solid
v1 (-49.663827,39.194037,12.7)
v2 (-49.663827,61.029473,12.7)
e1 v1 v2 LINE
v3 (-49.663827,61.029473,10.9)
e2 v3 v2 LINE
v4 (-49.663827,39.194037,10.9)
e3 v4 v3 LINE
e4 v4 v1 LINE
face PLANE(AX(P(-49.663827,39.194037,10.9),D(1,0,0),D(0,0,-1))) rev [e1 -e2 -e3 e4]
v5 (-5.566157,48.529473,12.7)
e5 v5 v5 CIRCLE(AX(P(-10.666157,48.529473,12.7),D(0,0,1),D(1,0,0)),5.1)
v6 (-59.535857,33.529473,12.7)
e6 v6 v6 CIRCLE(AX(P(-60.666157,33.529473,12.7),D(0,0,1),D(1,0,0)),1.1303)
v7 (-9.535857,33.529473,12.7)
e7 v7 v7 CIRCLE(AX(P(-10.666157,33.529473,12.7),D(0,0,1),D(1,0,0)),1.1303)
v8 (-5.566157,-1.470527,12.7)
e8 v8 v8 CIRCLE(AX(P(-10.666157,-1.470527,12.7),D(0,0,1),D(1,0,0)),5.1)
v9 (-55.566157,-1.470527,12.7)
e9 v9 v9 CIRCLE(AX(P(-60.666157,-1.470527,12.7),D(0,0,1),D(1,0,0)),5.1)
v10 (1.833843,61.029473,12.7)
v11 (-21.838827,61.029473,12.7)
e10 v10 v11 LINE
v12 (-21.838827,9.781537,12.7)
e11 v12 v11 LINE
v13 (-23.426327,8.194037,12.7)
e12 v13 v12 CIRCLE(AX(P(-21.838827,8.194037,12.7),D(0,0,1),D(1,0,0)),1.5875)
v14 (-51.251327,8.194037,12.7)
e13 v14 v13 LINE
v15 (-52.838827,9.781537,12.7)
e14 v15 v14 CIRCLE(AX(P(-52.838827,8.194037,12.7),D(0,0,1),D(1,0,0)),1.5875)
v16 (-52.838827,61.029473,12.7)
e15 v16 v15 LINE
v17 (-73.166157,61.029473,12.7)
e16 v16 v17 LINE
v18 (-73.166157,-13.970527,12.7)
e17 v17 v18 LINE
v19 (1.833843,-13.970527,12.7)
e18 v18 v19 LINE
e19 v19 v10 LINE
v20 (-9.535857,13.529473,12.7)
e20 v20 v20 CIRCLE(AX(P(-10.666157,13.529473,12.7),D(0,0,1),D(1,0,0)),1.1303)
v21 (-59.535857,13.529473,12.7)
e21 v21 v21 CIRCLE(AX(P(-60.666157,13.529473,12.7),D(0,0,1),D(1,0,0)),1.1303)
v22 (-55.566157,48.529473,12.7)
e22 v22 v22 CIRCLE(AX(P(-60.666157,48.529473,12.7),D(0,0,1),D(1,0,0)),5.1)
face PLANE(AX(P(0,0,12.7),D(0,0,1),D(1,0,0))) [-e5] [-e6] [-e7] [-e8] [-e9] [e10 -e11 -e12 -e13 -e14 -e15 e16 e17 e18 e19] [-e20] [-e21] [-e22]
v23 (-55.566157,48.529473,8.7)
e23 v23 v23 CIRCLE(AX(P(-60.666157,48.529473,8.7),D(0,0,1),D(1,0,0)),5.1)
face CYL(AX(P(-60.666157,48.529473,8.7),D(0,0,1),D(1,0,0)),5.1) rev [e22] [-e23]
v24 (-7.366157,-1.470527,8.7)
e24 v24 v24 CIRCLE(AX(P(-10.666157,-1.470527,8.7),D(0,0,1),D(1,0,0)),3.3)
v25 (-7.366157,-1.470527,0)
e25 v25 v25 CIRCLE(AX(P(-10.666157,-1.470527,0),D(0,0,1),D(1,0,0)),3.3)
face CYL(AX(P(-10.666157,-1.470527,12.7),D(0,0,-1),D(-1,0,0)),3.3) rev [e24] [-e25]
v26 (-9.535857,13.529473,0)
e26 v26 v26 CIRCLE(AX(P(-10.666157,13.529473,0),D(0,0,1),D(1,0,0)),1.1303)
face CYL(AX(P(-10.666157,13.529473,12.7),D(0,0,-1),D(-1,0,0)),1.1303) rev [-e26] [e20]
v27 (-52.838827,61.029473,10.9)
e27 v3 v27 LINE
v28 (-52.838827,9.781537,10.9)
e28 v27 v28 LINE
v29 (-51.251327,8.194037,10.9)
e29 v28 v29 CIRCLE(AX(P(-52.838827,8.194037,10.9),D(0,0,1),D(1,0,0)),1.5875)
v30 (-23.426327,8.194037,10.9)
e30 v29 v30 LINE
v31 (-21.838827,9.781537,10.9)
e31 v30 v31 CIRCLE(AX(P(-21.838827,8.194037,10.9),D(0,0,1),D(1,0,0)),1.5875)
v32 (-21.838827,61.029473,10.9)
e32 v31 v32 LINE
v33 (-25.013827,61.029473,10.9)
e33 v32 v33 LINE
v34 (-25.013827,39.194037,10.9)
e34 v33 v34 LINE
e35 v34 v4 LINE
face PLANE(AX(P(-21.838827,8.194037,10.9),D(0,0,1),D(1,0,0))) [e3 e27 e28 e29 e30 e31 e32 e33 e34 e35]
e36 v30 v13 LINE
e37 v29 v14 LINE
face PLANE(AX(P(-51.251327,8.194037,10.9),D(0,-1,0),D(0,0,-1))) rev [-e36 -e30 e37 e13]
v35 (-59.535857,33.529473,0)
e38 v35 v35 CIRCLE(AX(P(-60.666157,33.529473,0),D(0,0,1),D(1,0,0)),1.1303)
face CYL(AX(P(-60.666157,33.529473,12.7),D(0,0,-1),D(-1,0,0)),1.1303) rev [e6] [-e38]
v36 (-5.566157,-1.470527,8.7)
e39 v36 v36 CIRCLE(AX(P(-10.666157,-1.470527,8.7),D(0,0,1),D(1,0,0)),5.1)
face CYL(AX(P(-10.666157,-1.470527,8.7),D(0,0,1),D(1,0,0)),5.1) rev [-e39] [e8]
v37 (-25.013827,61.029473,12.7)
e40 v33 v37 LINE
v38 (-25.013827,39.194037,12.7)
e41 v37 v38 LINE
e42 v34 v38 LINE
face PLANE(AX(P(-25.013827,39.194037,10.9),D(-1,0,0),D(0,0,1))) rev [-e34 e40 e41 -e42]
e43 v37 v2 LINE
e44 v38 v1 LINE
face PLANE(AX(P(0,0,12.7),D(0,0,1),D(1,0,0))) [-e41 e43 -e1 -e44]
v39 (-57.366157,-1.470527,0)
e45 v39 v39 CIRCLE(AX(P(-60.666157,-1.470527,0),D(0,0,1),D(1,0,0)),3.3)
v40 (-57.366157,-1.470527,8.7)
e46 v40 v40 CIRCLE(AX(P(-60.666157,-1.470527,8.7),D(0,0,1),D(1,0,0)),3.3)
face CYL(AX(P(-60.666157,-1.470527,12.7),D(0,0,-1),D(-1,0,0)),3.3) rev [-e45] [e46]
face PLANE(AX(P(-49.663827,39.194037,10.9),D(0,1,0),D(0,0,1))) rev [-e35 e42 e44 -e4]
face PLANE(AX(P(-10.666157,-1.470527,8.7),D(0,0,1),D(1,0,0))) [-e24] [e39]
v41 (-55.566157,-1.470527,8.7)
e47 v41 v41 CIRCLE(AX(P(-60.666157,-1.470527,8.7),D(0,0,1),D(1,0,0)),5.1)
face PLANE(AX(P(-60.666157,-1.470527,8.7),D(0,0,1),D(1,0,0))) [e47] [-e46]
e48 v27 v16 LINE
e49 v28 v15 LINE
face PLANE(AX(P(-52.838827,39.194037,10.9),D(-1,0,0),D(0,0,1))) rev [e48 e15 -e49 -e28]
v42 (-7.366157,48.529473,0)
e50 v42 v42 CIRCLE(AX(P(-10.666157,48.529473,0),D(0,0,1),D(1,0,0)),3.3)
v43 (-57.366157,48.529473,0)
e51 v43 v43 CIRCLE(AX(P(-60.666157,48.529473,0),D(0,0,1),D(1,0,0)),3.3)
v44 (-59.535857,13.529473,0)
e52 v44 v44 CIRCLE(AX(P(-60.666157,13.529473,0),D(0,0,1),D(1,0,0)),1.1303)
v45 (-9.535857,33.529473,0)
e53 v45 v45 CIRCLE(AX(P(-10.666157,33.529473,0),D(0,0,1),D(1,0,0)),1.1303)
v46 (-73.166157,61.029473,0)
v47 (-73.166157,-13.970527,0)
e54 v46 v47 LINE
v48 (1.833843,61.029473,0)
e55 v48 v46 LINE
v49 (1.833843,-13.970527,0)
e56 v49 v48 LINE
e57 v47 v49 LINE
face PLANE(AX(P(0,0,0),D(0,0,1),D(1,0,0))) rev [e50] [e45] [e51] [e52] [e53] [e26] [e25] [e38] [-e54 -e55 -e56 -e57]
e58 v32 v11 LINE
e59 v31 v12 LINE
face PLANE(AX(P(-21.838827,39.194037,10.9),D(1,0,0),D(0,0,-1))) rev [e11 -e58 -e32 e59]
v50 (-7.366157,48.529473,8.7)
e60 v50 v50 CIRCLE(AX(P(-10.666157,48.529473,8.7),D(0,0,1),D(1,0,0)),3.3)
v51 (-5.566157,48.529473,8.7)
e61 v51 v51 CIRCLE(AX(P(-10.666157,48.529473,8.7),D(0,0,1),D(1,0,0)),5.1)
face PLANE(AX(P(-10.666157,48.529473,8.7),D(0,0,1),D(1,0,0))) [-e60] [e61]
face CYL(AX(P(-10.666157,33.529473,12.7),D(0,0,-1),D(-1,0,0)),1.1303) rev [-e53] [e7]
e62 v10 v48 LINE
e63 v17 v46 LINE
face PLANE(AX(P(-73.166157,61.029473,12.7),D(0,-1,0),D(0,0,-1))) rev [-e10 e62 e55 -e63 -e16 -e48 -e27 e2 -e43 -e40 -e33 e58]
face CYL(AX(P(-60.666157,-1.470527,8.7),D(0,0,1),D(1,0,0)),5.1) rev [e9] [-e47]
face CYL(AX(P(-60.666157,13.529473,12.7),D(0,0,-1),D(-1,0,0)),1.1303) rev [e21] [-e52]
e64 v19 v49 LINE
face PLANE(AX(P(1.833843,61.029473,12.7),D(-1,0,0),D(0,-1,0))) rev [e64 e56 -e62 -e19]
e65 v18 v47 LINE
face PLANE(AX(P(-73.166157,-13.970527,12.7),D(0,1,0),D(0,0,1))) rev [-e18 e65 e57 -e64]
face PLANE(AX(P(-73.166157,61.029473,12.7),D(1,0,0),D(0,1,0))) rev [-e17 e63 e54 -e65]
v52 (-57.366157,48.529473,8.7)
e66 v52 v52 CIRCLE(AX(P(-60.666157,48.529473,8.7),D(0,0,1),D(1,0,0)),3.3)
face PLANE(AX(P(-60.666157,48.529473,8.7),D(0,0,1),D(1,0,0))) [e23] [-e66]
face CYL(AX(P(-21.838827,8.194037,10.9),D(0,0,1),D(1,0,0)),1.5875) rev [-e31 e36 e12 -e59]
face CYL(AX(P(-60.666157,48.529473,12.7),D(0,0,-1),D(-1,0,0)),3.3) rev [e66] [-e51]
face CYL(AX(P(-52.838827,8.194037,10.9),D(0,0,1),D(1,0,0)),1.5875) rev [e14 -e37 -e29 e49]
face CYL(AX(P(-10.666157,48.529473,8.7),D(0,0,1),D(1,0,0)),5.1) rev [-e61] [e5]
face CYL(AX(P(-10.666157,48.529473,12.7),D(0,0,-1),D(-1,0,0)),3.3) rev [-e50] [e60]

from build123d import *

# Parameters (mm, degrees)
SKETCH1_W           = 75
SKETCH1_H           = 75
SKETCH1_R           = 3.3
SKETCH1_R_2         = 1.1303
BOSS_EXTRUDE1_DEPTH = 12.7
SKETCH2_R           = 5.1
CUT_EXTRUDE1_DEPTH  = 4
CUT_EXTRUDE2_DEPTH  = 1.8


with BuildPart() as part:
    # Sketch1 → Boss-Extrude1 (new body)
    with BuildSketch(Plane.XY):
        with Locations((-35.66615728, 23.529473029)):
            Rectangle(SKETCH1_W, SKETCH1_H)
        with Locations((-60.66615728, -1.470526971)):
            Circle(SKETCH1_R, mode=Mode.SUBTRACT)
        with Locations((-10.66615728, -1.470526971)):
            Circle(SKETCH1_R, mode=Mode.SUBTRACT)
        with Locations((-10.66615728, 48.529473029)):
            Circle(SKETCH1_R, mode=Mode.SUBTRACT)
        with Locations((-60.66615728, 48.529473029)):
            Circle(SKETCH1_R, mode=Mode.SUBTRACT)
        with Locations((-60.66615728, 33.529473029)):
            Circle(SKETCH1_R_2, mode=Mode.SUBTRACT)
        with Locations((-10.66615728, 33.529473029)):
            Circle(SKETCH1_R_2, mode=Mode.SUBTRACT)
        with Locations((-60.66615728, 13.529473029)):
            Circle(SKETCH1_R_2, mode=Mode.SUBTRACT)
        with Locations((-10.66615728, 13.529473029)):
            Circle(SKETCH1_R_2, mode=Mode.SUBTRACT)
    extrude(amount=BOSS_EXTRUDE1_DEPTH)

    # Sketch2 → Cut-Extrude1 (cut)
    with BuildSketch(Plane.XY.offset(12.7)):
        with Locations((-60.66615728, 48.529473029)):
            Circle(SKETCH2_R)
        with Locations((-10.66615728, 48.529473029)):
            Circle(SKETCH2_R)
        with Locations((-60.66615728, -1.470526971)):
            Circle(SKETCH2_R)
        with Locations((-10.66615728, -1.470526971)):
            Circle(SKETCH2_R)
    extrude(amount=-CUT_EXTRUDE1_DEPTH, mode=Mode.SUBTRACT)

    # Sketch3 → Cut-Extrude2 (cut)
    with BuildSketch(Plane.XY.offset(12.7)):
        with BuildLine():
            Line((-49.663826945, 39.194037394), (-25.013826945, 39.194037394))
            Line((-25.013826945, 39.194037394), (-25.013826945, 61.029473029))
            Line((-25.013826945, 61.029473029), (-21.838826945, 61.029473029))
            Line((-21.838826945, 61.029473029), (-21.838826945, 39.194037394))
            Line((-21.838826945, 39.194037394), (-21.838826945, 9.781537394))
            ThreePointArc((-21.838826945, 9.781537394), (-20.71629493, 7.071505379), (-23.426326945, 8.194037394))
            Line((-23.426326945, 8.194037394), (-51.251326945, 8.194037394))
            ThreePointArc((-51.251326945, 8.194037394), (-53.96135896, 7.071505379), (-52.838826945, 9.781537394))
            Line((-52.838826945, 9.781537394), (-52.838826945, 39.194037394))
            Line((-52.838826945, 39.194037394), (-52.838826945, 61.029473029))
            Line((-52.838826945, 61.029473029), (-49.663826945, 61.029473029))
            Line((-49.663826945, 61.029473029), (-49.663826945, 39.194037394))
        make_face()
    extrude(amount=-CUT_EXTRUDE2_DEPTH, mode=Mode.SUBTRACT)


solid = part.part
